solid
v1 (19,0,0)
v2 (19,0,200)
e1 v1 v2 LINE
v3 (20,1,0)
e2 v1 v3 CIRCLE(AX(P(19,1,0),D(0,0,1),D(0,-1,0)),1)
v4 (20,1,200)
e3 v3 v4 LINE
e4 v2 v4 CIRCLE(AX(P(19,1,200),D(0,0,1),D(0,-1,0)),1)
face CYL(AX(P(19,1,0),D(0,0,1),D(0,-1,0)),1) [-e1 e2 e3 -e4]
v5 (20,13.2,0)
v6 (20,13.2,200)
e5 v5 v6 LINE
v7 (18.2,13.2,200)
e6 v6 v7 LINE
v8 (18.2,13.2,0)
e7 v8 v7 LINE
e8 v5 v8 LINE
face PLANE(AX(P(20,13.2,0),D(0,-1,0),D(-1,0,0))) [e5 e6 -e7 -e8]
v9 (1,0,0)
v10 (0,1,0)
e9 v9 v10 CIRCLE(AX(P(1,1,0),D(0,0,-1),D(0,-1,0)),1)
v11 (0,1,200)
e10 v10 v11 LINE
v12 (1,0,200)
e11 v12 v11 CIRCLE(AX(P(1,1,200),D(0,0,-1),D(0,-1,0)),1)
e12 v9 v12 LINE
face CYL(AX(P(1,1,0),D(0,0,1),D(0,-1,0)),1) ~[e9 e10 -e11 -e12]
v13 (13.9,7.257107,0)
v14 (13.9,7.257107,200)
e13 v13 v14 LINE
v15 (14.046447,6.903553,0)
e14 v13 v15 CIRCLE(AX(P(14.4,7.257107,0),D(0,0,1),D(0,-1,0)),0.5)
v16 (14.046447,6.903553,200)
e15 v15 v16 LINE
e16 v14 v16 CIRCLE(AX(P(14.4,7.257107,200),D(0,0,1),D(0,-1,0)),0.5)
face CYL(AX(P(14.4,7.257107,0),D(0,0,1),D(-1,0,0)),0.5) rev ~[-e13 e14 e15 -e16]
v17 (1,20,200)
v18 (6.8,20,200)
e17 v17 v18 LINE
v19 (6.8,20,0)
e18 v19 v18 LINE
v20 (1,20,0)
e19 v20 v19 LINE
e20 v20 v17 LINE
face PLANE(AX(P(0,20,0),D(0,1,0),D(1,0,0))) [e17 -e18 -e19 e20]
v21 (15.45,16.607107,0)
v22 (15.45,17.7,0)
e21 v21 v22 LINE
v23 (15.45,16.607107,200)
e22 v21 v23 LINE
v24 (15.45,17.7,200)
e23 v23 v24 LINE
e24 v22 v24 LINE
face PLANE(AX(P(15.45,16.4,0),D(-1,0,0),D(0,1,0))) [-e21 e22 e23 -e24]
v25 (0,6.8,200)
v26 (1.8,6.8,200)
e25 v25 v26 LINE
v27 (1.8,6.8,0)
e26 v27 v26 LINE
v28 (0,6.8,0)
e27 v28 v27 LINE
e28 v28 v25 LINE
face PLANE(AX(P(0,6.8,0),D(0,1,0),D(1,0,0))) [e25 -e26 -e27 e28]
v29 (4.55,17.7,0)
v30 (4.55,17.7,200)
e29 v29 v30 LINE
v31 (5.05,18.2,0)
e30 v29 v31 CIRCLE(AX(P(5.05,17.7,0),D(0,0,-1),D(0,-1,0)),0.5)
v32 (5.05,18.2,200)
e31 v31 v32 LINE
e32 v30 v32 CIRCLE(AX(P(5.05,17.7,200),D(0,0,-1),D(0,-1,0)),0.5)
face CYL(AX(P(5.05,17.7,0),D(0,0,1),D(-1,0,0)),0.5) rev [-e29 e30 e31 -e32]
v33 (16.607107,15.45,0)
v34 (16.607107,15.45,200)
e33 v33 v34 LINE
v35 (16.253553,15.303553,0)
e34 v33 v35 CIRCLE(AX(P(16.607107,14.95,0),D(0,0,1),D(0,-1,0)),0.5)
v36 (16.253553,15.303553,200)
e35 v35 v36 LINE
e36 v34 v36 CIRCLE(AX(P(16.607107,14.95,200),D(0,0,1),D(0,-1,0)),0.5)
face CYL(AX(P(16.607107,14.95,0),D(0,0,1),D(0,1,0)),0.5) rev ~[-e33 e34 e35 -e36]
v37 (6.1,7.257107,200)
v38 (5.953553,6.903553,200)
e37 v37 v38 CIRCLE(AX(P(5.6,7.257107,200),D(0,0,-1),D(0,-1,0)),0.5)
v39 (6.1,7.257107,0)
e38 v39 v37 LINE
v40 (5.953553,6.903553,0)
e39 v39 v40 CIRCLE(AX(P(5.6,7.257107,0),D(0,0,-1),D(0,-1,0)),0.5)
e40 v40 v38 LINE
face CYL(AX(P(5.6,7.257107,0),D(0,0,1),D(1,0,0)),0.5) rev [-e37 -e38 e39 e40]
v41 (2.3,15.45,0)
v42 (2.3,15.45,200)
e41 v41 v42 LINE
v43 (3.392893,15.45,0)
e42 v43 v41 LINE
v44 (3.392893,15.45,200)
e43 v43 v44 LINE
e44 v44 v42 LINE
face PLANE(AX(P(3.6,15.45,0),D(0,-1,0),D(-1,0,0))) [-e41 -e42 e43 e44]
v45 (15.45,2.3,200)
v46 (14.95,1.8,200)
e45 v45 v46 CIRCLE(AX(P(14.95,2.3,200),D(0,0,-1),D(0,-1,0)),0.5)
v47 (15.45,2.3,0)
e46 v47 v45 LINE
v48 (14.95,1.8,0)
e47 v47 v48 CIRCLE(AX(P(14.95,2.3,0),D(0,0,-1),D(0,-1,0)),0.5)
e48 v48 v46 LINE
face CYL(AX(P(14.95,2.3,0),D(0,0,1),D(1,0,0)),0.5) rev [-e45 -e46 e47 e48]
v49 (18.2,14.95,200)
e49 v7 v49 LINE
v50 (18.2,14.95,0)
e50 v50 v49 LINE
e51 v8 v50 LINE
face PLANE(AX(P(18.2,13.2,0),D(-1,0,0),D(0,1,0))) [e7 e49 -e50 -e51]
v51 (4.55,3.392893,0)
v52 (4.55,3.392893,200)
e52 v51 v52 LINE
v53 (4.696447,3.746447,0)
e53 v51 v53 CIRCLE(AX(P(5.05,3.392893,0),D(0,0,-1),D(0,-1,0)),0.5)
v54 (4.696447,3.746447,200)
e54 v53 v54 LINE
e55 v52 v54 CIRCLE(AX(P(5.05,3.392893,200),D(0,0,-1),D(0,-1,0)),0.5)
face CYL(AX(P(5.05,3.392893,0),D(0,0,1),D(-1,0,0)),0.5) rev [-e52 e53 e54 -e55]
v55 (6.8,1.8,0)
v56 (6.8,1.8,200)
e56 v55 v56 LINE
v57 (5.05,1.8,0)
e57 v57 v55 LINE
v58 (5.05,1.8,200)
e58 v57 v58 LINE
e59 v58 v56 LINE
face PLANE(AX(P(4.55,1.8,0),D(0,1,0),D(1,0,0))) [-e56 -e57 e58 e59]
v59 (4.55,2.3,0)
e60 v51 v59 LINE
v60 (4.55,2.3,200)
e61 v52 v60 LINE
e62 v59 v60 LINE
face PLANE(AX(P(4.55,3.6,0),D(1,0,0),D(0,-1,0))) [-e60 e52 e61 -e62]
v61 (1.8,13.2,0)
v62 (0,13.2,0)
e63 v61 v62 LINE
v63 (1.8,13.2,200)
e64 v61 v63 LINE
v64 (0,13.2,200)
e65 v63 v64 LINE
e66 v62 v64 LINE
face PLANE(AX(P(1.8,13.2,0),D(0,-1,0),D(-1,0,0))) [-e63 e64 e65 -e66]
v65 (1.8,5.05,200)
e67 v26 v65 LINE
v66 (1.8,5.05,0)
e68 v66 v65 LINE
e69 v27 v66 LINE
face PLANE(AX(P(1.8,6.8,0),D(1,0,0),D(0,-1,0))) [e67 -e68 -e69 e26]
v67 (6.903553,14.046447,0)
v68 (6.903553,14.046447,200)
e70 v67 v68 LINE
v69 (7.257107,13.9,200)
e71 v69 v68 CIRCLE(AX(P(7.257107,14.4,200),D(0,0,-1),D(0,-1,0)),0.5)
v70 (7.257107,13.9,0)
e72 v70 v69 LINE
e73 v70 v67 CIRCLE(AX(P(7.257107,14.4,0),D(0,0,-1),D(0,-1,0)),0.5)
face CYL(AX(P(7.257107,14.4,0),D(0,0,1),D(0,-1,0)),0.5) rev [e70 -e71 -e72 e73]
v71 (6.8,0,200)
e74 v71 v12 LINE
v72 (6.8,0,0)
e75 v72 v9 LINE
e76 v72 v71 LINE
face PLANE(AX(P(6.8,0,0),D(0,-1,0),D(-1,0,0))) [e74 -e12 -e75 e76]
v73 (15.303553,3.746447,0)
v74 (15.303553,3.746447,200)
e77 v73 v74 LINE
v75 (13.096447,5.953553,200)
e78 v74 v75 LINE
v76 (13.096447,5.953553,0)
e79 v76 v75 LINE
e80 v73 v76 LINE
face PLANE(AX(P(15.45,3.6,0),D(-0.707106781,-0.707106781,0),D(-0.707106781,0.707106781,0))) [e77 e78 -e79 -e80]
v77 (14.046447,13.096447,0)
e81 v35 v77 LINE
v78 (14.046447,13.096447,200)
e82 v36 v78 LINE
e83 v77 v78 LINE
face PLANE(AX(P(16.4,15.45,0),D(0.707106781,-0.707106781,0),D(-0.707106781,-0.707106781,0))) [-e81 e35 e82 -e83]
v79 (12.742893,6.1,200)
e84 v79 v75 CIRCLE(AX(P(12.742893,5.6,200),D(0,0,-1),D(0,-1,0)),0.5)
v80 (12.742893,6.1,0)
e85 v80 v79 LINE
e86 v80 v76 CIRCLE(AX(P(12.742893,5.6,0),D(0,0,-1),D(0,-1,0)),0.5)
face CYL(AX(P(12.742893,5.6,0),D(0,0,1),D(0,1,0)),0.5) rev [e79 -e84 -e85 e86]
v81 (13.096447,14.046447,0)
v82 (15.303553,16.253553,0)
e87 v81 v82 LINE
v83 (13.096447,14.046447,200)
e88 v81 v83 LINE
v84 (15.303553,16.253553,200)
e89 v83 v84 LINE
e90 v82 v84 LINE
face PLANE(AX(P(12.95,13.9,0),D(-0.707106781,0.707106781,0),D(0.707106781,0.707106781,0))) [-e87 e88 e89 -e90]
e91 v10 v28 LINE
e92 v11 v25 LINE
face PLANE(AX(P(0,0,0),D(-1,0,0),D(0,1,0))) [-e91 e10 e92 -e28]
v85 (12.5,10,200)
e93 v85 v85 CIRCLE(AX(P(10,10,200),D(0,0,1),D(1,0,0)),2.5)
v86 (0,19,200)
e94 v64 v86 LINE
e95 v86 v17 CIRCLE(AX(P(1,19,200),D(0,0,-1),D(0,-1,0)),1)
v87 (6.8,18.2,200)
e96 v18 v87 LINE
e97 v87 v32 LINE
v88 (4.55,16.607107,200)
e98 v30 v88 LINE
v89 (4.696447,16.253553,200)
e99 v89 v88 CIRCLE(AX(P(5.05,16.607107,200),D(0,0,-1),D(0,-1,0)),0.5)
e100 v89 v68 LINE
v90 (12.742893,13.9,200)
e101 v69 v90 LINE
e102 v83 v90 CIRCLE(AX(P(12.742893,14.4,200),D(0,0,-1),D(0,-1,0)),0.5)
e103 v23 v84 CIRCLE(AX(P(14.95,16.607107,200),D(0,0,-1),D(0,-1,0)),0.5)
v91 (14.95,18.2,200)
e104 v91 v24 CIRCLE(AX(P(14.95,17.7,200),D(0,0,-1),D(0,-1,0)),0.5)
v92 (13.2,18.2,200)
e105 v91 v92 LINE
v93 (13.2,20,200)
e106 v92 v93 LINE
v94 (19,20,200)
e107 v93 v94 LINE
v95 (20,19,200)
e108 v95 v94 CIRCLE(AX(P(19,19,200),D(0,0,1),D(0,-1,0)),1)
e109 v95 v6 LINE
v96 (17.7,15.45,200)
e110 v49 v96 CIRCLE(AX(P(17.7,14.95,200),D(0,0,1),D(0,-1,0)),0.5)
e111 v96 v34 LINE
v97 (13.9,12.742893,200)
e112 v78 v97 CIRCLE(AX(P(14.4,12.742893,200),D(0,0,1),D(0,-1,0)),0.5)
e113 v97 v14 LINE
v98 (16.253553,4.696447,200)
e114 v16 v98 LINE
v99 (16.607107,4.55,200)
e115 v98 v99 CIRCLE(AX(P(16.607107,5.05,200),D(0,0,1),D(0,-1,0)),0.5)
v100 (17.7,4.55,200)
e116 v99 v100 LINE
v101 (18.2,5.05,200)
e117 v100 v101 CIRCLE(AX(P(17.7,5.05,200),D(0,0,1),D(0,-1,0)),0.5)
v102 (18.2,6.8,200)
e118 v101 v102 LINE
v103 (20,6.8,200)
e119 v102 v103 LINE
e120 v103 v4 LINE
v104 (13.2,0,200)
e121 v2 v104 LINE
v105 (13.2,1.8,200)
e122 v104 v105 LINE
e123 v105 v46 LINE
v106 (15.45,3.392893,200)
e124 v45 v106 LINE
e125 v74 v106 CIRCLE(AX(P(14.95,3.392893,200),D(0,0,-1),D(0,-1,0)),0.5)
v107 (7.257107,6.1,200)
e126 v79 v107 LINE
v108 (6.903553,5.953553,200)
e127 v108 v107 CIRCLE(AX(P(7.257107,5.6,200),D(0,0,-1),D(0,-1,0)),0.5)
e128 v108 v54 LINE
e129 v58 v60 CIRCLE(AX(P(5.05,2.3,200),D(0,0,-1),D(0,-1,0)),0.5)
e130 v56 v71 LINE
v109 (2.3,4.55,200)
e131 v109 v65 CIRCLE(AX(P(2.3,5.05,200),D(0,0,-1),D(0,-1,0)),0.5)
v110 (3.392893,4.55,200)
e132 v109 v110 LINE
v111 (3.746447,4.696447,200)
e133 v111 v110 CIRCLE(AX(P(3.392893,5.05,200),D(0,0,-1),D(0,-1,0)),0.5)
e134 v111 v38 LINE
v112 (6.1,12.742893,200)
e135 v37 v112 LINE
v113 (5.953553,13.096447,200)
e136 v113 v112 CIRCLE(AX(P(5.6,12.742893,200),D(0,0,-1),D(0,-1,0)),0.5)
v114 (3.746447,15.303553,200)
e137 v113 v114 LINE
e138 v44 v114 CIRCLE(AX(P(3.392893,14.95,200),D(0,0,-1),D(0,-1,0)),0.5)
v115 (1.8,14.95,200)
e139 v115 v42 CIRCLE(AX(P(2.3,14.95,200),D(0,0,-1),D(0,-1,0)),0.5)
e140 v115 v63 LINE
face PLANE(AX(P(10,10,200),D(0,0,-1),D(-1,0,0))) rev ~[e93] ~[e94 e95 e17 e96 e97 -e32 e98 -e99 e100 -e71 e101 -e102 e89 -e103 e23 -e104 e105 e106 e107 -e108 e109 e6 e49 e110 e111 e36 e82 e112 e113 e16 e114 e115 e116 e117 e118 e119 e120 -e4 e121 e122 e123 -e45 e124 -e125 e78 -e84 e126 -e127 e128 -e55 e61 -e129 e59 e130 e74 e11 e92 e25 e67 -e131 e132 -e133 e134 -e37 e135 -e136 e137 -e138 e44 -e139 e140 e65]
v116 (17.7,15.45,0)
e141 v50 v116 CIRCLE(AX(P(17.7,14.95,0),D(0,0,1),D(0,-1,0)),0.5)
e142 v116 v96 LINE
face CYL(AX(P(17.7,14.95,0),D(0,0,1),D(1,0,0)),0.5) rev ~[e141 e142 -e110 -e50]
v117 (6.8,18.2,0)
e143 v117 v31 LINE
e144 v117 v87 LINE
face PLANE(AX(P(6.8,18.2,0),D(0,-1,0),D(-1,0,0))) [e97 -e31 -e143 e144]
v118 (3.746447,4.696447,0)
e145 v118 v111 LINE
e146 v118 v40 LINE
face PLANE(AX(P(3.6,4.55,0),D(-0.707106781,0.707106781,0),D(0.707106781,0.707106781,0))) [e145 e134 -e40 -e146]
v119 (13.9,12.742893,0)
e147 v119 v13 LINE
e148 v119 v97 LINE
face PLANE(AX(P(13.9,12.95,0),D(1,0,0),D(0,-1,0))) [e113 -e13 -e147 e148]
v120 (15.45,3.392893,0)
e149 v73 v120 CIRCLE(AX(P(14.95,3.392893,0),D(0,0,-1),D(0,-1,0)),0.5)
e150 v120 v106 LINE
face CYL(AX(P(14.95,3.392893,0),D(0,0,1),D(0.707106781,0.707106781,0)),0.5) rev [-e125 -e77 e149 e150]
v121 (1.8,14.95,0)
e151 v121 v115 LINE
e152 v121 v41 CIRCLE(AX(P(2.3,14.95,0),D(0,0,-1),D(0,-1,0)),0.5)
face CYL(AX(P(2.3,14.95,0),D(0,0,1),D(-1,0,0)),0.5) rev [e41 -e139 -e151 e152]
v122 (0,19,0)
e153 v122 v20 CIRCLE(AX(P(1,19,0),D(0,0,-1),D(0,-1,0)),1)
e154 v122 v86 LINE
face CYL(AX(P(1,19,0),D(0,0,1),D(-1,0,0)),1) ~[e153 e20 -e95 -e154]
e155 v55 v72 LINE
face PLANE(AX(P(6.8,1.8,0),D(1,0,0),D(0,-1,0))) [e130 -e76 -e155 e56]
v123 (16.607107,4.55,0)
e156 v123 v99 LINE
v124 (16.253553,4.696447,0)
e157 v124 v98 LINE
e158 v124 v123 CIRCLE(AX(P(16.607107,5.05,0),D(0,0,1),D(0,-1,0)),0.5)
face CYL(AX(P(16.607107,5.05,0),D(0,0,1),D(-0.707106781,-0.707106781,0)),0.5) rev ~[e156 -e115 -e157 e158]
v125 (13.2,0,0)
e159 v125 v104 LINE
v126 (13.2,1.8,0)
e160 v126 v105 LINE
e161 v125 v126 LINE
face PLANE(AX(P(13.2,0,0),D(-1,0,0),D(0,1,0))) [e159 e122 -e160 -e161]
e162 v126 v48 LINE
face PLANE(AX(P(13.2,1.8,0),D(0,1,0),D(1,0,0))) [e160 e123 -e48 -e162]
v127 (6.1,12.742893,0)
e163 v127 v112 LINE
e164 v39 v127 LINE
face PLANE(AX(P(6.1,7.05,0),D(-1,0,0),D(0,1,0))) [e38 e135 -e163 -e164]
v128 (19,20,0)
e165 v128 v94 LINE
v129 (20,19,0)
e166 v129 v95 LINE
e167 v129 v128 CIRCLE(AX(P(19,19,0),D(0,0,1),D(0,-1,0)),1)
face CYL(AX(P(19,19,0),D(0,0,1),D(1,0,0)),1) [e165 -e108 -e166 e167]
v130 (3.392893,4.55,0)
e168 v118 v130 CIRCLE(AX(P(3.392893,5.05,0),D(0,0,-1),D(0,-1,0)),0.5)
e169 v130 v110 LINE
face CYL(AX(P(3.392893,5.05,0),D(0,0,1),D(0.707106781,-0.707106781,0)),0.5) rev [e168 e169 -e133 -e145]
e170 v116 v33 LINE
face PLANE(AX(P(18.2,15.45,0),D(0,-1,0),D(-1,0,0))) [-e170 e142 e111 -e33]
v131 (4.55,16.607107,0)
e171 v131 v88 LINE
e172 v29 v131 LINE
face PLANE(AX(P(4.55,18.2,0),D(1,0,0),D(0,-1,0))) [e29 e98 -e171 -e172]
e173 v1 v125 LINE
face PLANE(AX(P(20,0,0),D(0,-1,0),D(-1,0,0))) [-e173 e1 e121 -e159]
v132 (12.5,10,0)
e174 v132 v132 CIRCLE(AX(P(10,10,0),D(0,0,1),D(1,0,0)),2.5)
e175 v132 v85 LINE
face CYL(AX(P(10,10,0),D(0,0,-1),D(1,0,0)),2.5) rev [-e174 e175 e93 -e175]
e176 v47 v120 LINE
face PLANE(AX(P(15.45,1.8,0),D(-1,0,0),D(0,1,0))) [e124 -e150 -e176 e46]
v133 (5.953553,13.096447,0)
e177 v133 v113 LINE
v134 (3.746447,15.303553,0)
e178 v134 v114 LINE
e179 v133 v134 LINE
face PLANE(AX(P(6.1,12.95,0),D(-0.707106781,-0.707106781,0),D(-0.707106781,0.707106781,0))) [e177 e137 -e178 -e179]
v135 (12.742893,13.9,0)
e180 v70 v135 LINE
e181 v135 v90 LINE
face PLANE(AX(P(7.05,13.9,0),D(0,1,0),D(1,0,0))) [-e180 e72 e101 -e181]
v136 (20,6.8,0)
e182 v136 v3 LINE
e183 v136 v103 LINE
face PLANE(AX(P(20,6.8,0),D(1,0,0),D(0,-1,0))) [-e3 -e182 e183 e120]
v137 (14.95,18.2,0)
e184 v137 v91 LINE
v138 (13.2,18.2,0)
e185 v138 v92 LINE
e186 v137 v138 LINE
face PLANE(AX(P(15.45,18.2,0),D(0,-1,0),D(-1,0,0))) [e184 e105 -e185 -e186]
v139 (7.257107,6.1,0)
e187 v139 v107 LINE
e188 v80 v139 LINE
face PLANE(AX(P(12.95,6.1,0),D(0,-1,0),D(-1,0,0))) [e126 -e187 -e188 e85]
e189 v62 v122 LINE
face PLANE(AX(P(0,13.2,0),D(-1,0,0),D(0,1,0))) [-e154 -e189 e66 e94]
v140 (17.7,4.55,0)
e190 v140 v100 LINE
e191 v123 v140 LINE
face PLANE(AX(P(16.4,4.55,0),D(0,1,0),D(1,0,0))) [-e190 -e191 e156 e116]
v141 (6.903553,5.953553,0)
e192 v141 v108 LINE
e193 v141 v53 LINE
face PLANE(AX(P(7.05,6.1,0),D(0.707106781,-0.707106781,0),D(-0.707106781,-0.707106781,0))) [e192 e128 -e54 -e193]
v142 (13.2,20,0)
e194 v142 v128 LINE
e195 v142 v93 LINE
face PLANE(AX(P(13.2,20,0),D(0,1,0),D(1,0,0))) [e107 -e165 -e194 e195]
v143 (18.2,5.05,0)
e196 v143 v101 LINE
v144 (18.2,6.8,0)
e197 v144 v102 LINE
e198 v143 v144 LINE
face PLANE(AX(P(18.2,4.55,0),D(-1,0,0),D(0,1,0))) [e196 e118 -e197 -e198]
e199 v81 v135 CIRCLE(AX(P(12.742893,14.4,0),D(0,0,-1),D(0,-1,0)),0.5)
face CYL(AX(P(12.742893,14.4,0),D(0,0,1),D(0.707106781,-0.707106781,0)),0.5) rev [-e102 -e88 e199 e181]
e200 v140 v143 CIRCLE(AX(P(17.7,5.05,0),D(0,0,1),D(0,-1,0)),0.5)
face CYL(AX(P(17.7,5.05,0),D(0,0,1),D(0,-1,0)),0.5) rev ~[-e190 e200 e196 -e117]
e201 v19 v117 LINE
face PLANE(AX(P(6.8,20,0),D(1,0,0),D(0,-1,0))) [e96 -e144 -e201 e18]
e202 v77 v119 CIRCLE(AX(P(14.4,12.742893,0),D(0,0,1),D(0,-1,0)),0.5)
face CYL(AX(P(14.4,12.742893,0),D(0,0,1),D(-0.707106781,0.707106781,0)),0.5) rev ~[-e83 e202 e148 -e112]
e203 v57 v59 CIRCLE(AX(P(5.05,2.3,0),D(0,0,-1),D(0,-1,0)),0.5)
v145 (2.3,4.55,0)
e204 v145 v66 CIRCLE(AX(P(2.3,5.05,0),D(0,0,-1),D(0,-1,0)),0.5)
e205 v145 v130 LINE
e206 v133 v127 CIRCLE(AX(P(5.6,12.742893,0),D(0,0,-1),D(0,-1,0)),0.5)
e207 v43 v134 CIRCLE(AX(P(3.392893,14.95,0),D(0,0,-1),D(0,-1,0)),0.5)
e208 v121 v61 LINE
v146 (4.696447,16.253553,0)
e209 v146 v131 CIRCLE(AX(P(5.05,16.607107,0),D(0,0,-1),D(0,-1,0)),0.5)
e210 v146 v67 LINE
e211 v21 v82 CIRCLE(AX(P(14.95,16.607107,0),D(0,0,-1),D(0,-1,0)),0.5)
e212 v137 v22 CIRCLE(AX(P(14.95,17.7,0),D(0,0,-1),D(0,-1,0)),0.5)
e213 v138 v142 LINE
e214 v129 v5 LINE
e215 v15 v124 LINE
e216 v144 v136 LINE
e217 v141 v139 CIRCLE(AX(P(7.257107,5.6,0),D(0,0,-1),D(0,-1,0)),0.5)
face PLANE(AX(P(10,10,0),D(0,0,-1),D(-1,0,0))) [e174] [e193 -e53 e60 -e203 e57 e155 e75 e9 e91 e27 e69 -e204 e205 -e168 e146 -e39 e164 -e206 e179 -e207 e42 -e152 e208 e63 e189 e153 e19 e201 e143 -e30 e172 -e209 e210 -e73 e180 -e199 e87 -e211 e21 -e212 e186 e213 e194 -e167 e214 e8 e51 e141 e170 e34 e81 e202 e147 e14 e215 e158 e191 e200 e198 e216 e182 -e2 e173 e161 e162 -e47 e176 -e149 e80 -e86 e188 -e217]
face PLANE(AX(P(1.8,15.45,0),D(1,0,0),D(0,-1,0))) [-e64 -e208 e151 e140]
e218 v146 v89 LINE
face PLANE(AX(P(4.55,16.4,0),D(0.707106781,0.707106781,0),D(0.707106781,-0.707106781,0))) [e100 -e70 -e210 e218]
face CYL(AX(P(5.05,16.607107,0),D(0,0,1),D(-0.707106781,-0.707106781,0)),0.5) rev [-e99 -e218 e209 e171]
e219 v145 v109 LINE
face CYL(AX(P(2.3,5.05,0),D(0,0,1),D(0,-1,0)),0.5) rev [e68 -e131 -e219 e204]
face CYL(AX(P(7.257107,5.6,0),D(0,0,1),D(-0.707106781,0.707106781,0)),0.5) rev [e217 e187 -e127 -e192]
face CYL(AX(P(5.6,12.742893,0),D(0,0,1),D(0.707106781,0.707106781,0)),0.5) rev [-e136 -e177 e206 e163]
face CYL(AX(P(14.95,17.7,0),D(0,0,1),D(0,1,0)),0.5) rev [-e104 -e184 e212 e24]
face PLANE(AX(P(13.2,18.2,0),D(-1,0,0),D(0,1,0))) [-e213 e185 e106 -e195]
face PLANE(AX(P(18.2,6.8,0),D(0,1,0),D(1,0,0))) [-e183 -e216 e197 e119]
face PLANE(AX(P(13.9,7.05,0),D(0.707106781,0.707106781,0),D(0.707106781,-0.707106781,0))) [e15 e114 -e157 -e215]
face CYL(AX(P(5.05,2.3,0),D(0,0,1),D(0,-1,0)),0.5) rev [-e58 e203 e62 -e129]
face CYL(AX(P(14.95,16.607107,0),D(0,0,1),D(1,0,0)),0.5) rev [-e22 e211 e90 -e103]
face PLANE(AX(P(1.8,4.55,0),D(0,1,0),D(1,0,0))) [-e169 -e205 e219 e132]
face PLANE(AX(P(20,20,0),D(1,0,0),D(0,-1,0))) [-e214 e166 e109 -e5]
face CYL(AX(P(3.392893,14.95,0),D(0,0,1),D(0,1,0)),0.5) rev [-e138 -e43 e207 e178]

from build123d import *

# Parameters (mm, degrees)
SKETCH1_R           = 2.5
BOSS_EXTRUDE1_DEPTH = 200
FILLET1_R           = 1
FILLET2_R           = 0.5
FILLET3_R           = 0.5
FILLET4_R           = 0.5
FILLET5_R           = 0.5


with BuildPart() as part:
    # Sketch1 → Boss-Extrude1 (new body)
    with BuildSketch(Plane.XY):
        Polygon((13.2, 0), (13.2, 1.8), (15.45, 1.8), (15.45, 3.6), (12.95, 6.1), (7.05, 6.1), (4.55, 3.6), (4.55, 1.8), (6.8, 1.8), (6.8, 0), (0, 0), (0, 6.8), (1.8, 6.8), (1.8, 4.55), (3.6, 4.55), (6.1, 7.05), (6.1, 12.95), (3.6, 15.45), (1.8, 15.45), (1.8, 13.2), (0, 13.2), (0, 20), (6.8, 20), (6.8, 18.2), (4.55, 18.2), (4.55, 16.4), (7.05, 13.9), (12.95, 13.9), (15.45, 16.4), (15.45, 18.2), (13.2, 18.2), (13.2, 20), (20, 20), (20, 13.2), (18.2, 13.2), (18.2, 15.45), (16.4, 15.45), (13.9, 12.95), (13.9, 7.05), (16.4, 4.55), (18.2, 4.55), (18.2, 6.8), (20, 6.8), (20, 0), align=None)
        with Locations((10, 10)):
            Circle(SKETCH1_R, mode=Mode.SUBTRACT)
    extrude(amount=BOSS_EXTRUDE1_DEPTH)

    # Fillet1
    fillet1_edges = [part.edges().sort_by_distance(p)[0] for p in [
        (0, 0, 100),
        (0, 20, 100),
        (20, 20, 100),
        (20, 0, 100),
    ]]
    fillet(fillet1_edges, radius=FILLET1_R)

    # Fillet2
    fillet2_edges = [part.edges().sort_by_distance(p)[0] for p in [
        (4.55, 18.2, 100),
        (4.55, 16.4, 100),
        (7.05, 13.9, 100),
        (12.95, 13.9, 100),
        (15.45, 16.4, 100),
        (15.45, 18.2, 100),
    ]]
    fillet(fillet2_edges, radius=FILLET2_R)

    # Fillet3
    fillet3_edges = [part.edges().sort_by_distance(p)[0] for p in [
        (18.2, 15.45, 100),
        (16.4, 15.45, 100),
        (13.9, 12.95, 100),
        (13.9, 7.05, 100),
        (16.4, 4.55, 100),
        (18.2, 4.55, 100),
    ]]
    fillet(fillet3_edges, radius=FILLET3_R)

    # Fillet4
    fillet4_edges = [part.edges().sort_by_distance(p)[0] for p in [
        (1.8, 4.55, 100),
        (3.6, 4.55, 100),
        (6.1, 7.05, 100),
        (6.1, 12.95, 100),
        (3.6, 15.45, 100),
        (1.8, 15.45, 100),
    ]]
    fillet(fillet4_edges, radius=FILLET4_R)

    # Fillet5
    fillet5_edges = [part.edges().sort_by_distance(p)[0] for p in [
        (15.45, 1.8, 100),
        (15.45, 3.6, 100),
        (12.95, 6.1, 100),
        (7.05, 6.1, 100),
        (4.55, 3.6, 100),
        (4.55, 1.8, 100),
    ]]
    fillet(fillet5_edges, radius=FILLET5_R)


solid = part.part
